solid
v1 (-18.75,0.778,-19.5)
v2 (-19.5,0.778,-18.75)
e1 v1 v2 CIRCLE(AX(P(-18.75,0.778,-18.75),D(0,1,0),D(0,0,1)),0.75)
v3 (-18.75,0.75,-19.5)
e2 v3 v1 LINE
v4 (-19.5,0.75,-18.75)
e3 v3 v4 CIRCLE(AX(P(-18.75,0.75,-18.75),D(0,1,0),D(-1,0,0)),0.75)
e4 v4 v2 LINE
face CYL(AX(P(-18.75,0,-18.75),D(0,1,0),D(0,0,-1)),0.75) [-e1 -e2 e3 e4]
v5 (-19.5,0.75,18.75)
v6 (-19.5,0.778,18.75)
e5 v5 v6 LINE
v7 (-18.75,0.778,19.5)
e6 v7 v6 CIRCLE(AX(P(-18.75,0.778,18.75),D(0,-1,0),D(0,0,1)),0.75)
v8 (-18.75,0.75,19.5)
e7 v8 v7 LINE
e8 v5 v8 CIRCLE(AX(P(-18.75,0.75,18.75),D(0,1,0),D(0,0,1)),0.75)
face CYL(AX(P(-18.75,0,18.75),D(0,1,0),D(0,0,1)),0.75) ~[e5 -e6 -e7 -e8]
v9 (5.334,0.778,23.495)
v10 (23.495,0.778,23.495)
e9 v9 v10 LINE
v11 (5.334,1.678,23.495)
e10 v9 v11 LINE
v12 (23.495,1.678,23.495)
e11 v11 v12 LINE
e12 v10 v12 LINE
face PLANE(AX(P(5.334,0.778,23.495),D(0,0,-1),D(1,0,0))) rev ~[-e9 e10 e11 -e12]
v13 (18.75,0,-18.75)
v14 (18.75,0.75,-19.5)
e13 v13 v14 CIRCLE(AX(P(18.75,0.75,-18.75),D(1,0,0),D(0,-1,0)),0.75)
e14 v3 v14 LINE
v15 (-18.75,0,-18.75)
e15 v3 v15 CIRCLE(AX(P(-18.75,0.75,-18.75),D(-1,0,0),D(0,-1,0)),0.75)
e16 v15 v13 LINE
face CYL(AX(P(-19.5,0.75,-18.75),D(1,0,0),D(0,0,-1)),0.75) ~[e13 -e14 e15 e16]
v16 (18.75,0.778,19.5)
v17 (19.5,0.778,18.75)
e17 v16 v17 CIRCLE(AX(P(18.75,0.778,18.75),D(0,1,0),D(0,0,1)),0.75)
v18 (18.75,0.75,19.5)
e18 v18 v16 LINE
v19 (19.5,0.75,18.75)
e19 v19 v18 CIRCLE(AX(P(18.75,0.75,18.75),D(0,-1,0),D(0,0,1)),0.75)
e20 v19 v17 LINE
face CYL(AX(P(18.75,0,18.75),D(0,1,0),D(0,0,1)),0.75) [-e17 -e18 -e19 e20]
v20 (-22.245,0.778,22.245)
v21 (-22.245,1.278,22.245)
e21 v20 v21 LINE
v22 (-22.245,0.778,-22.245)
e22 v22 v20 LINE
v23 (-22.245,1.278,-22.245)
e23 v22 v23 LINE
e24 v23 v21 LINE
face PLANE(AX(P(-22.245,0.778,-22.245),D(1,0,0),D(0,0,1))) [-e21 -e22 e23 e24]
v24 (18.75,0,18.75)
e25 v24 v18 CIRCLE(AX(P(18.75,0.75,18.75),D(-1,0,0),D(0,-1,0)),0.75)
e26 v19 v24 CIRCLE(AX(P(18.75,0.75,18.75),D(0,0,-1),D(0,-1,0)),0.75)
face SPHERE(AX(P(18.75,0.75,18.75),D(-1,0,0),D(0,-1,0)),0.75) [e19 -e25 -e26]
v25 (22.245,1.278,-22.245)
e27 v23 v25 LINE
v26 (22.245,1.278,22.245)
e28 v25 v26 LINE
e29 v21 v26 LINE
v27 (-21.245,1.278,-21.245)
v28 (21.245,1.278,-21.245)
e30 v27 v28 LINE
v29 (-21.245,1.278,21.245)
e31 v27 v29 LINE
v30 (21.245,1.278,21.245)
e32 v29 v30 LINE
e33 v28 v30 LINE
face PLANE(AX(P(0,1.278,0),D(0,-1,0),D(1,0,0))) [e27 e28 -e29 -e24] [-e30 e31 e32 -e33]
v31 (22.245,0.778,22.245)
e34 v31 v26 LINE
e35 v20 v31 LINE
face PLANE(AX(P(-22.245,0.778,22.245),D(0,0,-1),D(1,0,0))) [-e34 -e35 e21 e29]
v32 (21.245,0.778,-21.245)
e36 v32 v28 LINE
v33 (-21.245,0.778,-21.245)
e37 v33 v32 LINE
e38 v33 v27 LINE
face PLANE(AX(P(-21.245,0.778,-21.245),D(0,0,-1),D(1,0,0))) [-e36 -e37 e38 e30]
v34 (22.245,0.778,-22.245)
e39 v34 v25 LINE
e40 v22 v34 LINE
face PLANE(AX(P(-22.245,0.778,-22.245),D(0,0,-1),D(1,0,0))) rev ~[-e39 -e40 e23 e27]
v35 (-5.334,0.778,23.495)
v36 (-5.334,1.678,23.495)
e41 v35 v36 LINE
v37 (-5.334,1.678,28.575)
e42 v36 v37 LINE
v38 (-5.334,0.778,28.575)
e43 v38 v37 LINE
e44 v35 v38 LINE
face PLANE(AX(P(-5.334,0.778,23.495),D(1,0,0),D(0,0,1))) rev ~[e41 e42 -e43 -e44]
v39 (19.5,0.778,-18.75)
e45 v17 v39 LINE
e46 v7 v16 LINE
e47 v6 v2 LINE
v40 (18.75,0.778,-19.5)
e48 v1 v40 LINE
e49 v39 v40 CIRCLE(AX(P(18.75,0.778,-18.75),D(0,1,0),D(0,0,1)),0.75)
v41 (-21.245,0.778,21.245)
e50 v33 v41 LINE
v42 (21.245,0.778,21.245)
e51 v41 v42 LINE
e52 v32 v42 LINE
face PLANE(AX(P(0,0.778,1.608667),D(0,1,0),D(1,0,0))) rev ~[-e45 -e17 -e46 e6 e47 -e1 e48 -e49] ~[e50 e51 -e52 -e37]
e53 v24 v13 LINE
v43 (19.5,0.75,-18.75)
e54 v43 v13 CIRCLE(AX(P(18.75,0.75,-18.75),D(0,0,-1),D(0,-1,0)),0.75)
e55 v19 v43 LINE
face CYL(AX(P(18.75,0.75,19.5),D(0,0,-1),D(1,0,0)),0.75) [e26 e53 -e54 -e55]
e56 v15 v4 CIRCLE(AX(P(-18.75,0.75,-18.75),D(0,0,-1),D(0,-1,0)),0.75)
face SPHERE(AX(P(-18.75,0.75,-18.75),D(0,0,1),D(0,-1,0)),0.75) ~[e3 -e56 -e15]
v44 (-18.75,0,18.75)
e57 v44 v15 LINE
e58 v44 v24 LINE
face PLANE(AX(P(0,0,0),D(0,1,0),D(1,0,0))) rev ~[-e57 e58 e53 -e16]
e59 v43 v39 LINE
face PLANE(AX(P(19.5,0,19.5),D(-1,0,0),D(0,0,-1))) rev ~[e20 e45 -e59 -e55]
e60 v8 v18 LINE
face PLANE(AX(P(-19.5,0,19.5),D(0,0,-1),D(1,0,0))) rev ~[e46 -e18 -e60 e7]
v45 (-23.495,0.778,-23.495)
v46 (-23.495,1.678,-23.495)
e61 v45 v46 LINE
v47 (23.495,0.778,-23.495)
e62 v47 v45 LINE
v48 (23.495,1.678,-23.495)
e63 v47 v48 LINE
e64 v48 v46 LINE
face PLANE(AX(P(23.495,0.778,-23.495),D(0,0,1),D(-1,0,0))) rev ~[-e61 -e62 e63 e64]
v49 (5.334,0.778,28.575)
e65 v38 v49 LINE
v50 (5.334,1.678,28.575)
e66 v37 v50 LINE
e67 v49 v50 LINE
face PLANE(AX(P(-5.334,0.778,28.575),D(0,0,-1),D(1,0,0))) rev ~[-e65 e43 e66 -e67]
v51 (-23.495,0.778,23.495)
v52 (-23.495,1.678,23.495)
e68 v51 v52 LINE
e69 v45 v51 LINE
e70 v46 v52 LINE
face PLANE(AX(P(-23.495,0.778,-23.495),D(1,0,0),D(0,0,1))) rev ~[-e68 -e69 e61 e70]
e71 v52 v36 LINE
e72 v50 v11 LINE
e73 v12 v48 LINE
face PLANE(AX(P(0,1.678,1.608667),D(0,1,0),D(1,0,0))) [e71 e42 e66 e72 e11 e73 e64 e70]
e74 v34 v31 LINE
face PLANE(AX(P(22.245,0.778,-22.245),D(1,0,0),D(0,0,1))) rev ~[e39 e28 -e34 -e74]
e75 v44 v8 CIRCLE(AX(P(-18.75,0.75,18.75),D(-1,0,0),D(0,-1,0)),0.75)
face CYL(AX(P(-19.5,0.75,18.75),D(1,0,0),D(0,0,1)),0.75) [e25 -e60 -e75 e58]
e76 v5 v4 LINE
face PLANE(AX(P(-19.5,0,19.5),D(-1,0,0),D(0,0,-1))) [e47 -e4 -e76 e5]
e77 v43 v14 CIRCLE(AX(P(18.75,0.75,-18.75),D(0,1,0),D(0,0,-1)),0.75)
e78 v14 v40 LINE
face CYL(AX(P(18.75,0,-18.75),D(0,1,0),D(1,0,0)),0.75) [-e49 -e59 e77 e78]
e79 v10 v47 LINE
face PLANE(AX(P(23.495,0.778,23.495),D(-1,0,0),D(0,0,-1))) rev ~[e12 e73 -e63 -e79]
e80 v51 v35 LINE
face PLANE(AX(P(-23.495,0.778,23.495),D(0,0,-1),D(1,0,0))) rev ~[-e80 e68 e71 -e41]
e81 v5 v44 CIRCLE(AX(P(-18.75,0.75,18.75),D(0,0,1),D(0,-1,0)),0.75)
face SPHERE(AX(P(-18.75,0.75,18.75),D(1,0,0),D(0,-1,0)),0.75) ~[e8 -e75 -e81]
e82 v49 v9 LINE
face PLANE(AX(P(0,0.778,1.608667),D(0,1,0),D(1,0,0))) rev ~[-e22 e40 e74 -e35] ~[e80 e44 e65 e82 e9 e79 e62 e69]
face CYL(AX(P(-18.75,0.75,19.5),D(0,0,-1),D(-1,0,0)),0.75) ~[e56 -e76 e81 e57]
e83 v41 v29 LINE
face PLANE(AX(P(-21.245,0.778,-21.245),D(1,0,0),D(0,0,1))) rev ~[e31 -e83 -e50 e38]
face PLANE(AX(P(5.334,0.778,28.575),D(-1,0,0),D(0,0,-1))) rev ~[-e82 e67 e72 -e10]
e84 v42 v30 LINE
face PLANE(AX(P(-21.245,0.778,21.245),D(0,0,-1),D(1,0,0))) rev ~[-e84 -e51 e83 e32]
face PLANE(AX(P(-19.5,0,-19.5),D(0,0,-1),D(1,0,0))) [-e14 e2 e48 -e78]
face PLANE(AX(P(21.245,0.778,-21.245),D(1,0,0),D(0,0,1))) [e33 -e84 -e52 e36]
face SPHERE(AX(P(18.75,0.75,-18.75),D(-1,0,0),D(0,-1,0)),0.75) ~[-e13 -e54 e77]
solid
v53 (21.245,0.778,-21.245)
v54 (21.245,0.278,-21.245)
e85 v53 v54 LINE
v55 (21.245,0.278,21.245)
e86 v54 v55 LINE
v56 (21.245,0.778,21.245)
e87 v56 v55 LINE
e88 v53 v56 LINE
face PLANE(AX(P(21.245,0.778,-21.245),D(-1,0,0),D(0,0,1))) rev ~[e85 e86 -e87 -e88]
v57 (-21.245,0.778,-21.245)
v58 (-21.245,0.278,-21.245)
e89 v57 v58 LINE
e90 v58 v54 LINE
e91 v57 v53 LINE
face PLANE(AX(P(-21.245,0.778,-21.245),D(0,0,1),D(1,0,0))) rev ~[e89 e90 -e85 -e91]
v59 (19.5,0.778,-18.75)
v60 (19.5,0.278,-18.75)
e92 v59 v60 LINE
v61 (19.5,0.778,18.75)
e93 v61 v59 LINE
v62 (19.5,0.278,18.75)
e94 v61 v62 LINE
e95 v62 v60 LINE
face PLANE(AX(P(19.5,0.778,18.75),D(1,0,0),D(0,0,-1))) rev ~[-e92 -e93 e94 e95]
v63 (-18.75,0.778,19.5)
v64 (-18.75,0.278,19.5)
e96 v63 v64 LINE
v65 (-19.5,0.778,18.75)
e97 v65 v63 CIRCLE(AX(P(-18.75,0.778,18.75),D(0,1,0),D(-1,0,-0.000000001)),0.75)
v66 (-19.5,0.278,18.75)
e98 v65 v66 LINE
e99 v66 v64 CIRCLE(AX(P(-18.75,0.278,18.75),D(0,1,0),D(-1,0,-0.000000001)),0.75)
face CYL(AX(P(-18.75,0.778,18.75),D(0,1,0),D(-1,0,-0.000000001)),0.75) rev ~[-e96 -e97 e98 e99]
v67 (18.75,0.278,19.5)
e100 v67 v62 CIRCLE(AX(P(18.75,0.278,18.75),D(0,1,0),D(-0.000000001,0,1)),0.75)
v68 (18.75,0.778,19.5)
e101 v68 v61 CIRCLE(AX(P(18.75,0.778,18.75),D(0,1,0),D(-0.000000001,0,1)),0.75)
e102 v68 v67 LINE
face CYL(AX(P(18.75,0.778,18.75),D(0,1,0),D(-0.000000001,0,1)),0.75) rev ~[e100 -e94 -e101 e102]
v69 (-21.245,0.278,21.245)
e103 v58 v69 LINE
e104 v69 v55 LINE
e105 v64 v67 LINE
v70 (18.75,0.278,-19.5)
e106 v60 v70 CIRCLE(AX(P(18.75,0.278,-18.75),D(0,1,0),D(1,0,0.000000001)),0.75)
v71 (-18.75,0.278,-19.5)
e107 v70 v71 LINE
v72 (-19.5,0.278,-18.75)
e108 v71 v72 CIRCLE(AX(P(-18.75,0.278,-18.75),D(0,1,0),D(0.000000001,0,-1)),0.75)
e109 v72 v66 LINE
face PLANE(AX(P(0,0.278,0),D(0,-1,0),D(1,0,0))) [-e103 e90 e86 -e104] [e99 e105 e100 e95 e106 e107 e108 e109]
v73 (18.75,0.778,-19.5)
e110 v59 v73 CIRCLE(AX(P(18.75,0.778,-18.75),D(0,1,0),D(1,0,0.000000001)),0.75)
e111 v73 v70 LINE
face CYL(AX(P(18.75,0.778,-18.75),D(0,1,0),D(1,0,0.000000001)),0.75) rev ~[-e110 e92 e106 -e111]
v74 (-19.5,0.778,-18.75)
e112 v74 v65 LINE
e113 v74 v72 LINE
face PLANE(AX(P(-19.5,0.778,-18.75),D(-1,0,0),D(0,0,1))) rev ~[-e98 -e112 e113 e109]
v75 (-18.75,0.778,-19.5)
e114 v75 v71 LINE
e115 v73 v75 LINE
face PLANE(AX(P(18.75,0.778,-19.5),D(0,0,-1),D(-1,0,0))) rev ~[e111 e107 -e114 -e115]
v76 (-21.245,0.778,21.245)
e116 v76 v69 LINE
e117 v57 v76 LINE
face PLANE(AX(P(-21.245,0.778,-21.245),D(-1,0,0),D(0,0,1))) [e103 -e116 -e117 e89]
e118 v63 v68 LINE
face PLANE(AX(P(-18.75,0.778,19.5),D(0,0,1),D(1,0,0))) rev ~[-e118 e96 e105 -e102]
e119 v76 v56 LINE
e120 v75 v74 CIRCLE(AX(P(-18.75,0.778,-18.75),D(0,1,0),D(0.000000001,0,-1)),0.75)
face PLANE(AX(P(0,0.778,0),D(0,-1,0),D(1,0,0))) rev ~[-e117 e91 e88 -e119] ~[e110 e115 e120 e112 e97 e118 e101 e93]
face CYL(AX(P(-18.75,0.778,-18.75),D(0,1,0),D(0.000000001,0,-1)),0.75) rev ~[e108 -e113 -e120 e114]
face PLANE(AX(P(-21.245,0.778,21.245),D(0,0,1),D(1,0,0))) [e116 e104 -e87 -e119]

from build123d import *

# Parameters (mm, degrees)
SKETCH1_W           = 39
SKETCH1_H           = 39
BOSS_EXTRUDE1_DEPTH = 0.778
BOSS_EXTRUDE2_DEPTH = 0.9
FILLET1_R           = 0.75
SKETCH3_W           = 44.49
SKETCH3_H           = 44.49
SKETCH3_W_2         = 42.49
SKETCH3_H_2         = 42.49
CUT_EXTRUDE1_DEPTH  = 0.5
SKETCH7_W           = 42.49
SKETCH7_H           = 42.49
BOSS_EXTRUDE5_DEPTH = 0.5


with BuildPart() as part:
    # Sketch1 → Boss-Extrude1 (new body)
    with BuildSketch(Plane(origin=(0, 0, 0), x_dir=(1, 0, 0), z_dir=(0, 1, 0))):
        Rectangle(SKETCH1_W, SKETCH1_H)
    extrude(amount=BOSS_EXTRUDE1_DEPTH)

    # Sketch2 → Boss-Extrude2 (add)
    with BuildSketch(Plane(origin=(0, 0.778, 0), x_dir=(1, 0, 0), z_dir=(0, 1, 0))):
        Polygon((5.334, -23.495), (23.495, -23.495), (23.495, 23.495), (-23.495, 23.495), (-23.495, -23.495), (-5.334, -23.495), (-5.334, -28.575), (5.334, -28.575), align=None)
    extrude(amount=BOSS_EXTRUDE2_DEPTH)

    # Fillet1
    fillet1_edges = [part.edges().sort_by_distance(p)[0] for p in [
        (0, 0, 19.5),
        (-19.5, 0, 0),
        (0, 0, -19.5),
        (19.5, 0, 0),
        (19.5, 0.389, 19.5),
        (-19.5, 0.389, 19.5),
        (-19.5, 0.389, -19.5),
        (19.5, 0.389, -19.5),
    ]]
    fillet(fillet1_edges, radius=FILLET1_R)

    # Sketch3 → Cut-Extrude1 (cut)
    with BuildSketch(Plane.XZ.offset(-0.778)):
        Rectangle(SKETCH3_W, SKETCH3_H)
        Rectangle(SKETCH3_W_2, SKETCH3_H_2, mode=Mode.SUBTRACT)
    extrude(amount=-CUT_EXTRUDE1_DEPTH, mode=Mode.SUBTRACT)


with BuildPart() as body_2:
    # Sketch7 → Boss-Extrude5 (new body)
    with BuildSketch(Plane.XZ.offset(-0.778)):
        Rectangle(SKETCH7_W, SKETCH7_H)
        with BuildLine():
            Line((-18.75, 19.5), (18.75, 19.5))
            ThreePointArc((18.75, 19.5), (19.280330086, 19.280330086), (19.5, 18.75))
            Line((19.5, 18.75), (19.5, -18.75))
            ThreePointArc((19.5, -18.75), (19.280330086, -19.280330086), (18.75, -19.5))
            Line((18.75, -19.5), (-18.75, -19.5))
            ThreePointArc((-18.75, -19.5), (-19.280330086, -19.280330086), (-19.5, -18.75))
            Line((-19.5, -18.75), (-19.5, 18.75))
            ThreePointArc((-19.5, 18.75), (-19.280330086, 19.280330086), (-18.75, 19.5))
        make_face(mode=Mode.SUBTRACT)
    extrude(amount=BOSS_EXTRUDE5_DEPTH)


solid = Compound([part.part, body_2.part])
